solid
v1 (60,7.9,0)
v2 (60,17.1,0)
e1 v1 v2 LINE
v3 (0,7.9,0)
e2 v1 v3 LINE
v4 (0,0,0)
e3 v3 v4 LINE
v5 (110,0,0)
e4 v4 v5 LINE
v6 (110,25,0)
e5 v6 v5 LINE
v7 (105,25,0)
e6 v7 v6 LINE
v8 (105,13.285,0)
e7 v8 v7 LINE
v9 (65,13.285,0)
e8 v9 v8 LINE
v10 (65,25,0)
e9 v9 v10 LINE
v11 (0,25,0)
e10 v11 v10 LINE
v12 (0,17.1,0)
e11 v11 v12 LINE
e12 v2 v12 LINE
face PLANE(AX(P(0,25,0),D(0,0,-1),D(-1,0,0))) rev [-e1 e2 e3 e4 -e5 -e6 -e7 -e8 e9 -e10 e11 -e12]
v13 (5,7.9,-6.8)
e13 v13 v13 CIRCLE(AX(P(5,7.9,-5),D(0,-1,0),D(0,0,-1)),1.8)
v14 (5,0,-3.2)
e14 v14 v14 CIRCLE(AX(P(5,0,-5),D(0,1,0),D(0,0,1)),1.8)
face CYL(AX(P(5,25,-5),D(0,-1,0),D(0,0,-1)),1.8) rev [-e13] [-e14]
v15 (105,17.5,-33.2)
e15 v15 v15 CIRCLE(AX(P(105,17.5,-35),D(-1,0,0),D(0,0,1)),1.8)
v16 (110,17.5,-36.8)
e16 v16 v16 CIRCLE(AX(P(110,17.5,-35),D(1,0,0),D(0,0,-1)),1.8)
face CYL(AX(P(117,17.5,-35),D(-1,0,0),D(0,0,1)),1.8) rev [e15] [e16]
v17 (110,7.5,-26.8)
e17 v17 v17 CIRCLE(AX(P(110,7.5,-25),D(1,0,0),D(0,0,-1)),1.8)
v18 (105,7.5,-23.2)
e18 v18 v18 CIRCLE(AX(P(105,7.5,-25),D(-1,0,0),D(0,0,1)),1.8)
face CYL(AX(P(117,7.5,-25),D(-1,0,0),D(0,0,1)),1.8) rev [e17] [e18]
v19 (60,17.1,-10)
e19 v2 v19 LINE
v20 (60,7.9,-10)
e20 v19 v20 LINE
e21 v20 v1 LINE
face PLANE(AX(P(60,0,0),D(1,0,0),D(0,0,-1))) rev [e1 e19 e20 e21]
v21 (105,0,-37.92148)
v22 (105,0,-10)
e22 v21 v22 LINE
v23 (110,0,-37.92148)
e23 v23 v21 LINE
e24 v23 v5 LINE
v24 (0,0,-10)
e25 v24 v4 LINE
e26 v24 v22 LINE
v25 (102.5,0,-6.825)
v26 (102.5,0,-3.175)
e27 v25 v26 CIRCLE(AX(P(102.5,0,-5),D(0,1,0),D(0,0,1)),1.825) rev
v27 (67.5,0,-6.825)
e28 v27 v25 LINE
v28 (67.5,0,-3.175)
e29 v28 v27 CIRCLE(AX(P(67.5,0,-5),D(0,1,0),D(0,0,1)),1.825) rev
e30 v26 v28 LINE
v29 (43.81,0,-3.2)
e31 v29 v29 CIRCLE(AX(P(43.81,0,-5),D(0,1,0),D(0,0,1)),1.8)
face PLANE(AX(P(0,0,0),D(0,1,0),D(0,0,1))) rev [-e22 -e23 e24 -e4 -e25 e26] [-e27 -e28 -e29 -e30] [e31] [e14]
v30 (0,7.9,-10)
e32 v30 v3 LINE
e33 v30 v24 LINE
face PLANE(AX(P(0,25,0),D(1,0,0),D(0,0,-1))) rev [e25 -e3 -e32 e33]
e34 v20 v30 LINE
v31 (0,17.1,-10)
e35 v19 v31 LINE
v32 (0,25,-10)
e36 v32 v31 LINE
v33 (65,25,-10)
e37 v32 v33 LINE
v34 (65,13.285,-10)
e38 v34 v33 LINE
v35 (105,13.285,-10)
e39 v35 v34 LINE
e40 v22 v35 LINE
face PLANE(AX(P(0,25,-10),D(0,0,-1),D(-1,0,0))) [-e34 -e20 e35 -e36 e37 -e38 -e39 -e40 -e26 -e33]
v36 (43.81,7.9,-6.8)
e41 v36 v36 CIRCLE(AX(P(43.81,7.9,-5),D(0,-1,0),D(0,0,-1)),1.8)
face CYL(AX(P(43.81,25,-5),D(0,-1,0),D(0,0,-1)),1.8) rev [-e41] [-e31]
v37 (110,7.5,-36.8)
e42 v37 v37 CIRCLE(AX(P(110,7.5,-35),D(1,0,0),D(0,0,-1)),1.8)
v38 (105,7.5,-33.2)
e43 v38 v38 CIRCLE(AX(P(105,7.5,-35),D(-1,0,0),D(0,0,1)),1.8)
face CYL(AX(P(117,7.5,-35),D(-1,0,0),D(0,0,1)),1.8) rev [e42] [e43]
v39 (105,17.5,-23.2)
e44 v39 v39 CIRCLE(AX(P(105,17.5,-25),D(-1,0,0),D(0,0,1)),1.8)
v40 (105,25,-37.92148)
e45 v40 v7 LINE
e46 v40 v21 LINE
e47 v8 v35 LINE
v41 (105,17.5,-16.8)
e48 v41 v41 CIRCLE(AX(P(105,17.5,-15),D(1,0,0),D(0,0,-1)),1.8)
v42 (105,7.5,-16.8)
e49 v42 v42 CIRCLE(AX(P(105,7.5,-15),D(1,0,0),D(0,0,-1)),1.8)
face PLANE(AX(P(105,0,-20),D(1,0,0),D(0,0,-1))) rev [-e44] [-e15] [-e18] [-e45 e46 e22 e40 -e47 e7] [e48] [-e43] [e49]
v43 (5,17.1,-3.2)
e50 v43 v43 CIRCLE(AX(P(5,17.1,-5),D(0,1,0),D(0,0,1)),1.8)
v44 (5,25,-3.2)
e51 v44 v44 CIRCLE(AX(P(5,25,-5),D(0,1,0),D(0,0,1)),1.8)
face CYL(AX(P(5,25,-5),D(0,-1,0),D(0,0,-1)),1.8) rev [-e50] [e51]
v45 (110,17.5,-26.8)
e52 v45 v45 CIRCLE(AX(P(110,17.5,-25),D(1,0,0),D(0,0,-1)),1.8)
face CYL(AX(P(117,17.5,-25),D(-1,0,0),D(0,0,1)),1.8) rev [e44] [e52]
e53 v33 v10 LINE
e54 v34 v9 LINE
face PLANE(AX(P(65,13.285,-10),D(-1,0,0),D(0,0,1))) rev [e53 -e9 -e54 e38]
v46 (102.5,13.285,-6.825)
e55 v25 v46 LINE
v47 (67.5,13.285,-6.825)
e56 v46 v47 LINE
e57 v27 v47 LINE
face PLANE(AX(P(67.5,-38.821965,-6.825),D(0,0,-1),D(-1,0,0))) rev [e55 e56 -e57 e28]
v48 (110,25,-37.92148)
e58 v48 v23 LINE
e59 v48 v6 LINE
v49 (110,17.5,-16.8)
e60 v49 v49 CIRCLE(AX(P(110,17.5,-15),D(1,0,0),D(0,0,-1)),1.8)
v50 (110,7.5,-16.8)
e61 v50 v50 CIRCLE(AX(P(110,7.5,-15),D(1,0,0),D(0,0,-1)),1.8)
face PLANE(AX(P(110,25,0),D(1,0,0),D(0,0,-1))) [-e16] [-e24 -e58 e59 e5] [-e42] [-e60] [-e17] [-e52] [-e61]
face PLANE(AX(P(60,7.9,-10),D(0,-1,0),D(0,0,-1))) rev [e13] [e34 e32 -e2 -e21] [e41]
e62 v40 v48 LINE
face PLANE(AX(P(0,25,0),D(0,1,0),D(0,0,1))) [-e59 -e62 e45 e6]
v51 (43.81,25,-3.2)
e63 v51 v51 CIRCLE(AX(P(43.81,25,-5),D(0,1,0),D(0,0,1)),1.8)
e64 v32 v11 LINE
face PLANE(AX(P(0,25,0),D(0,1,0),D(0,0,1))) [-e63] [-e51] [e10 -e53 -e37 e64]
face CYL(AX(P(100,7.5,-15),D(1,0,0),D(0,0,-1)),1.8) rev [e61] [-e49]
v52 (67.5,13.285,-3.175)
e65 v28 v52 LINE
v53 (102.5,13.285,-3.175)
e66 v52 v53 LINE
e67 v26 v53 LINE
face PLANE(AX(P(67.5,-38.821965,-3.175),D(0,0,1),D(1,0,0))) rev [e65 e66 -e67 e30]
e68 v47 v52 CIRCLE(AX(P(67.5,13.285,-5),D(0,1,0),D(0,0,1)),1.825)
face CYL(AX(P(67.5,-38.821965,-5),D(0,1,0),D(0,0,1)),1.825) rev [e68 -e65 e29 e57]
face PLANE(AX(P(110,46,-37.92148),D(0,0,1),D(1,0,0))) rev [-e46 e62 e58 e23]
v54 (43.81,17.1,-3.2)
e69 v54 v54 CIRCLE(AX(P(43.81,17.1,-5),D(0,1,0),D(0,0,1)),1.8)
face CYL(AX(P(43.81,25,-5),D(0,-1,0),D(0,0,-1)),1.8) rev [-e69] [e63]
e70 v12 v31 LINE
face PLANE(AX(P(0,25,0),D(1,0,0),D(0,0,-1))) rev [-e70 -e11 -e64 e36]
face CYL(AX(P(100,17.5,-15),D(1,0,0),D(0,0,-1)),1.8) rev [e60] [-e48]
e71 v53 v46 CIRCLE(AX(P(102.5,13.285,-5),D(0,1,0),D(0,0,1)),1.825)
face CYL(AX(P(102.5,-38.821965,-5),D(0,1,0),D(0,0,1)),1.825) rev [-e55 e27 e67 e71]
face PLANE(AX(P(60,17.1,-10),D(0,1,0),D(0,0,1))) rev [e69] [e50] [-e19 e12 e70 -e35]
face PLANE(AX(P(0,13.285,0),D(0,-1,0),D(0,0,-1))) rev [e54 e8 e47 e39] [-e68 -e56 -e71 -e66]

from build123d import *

# Parameters (mm, degrees)
SKETCH1_W           = 110
SKETCH1_H           = 10
SKETCH1_R           = 1.8
BOSS_EXTRUDE1_DEPTH = 25
SKETCH2_W           = 10
SKETCH2_H           = 9.2
CUT_EXTRUDE1_DEPTH  = 60
SKETCH16_W          = 5
SKETCH16_H          = 25
BOSS_EXTRUDE2_DEPTH = 10
SKETCH17_R          = 1.8
CUT_EXTRUDE6_DEPTH  = 10
SKETCH18_W          = 5
SKETCH18_H          = 25
BOSS_EXTRUDE3_DEPTH = 20
SKETCH19_R          = 1.8
CUT_EXTRUDE7_DEPTH  = 12
SKETCH20_W          = 5
SKETCH20_H          = 2.078520269
CUT_EXTRUDE8_DEPTH  = 46
SKETCH21_W          = 40
SKETCH21_H          = 10
CUT_EXTRUDE9_DEPTH  = 11.715
CUT_EXTRUDE10_DEPTH = 13.285


with BuildPart() as part:
    # Sketch1 → Boss-Extrude1 (new body)
    with BuildSketch(Plane(origin=(0, 0, 0), x_dir=(1, 0, 0), z_dir=(0, 1, 0))):
        with Locations((55, 5)):
            Rectangle(SKETCH1_W, SKETCH1_H)
        with Locations(Location((5, 5, 0), (0, 0, 270))):
            Circle(SKETCH1_R, mode=Mode.SUBTRACT)
        with Locations(Location((43.81, 5, 0), (0, 0, 270))):
            Circle(SKETCH1_R, mode=Mode.SUBTRACT)
    extrude(amount=BOSS_EXTRUDE1_DEPTH)

    # Sketch2 → Cut-Extrude1 (cut)
    with BuildSketch(Plane.ZY):
        with Locations((-5, 12.5)):
            Rectangle(SKETCH2_W, SKETCH2_H)
    extrude(amount=-CUT_EXTRUDE1_DEPTH, mode=Mode.SUBTRACT)

    # Sketch16 → Boss-Extrude2 (add)
    with BuildSketch(Plane(origin=(0, 0, -10), x_dir=(-1, 0, 0), z_dir=(0, 0, -1))):
        with Locations((-107.5, 12.5)):
            Rectangle(SKETCH16_W, SKETCH16_H)
    extrude(amount=BOSS_EXTRUDE2_DEPTH)

    # Sketch17 → Cut-Extrude6 (cut)
    with BuildSketch(Plane(origin=(110, 0, 0), x_dir=(0, 0, -1), z_dir=(1, 0, 0))):
        with Locations((15, 7.5)):
            Circle(SKETCH17_R)
        with Locations((15, 17.5)):
            Circle(SKETCH17_R)
    extrude(amount=-CUT_EXTRUDE6_DEPTH, mode=Mode.SUBTRACT)

    # Sketch18 → Boss-Extrude3 (add)
    with BuildSketch(Plane(origin=(0, 0, -20), x_dir=(-1, 0, 0), z_dir=(0, 0, -1))):
        with Locations((-107.5, 12.5)):
            Rectangle(SKETCH18_W, SKETCH18_H)
    extrude(amount=BOSS_EXTRUDE3_DEPTH)

    # Sketch19 → Cut-Extrude7 (cut)
    with BuildSketch(Plane.ZY.offset(-105)):
        with Locations((-25, 17.5)):
            Circle(SKETCH19_R)
        with Locations((-25, 7.5)):
            Circle(SKETCH19_R)
        with Locations((-35, 17.5)):
            Circle(SKETCH19_R)
        with Locations((-35, 7.5)):
            Circle(SKETCH19_R)
    extrude(amount=-CUT_EXTRUDE7_DEPTH, mode=Mode.SUBTRACT)

    # Sketch20 → Cut-Extrude8 (cut)
    with BuildSketch(Plane.XZ):
        with Locations((107.5, -38.960739866)):
            Rectangle(SKETCH20_W, SKETCH20_H)
    extrude(amount=-CUT_EXTRUDE8_DEPTH, mode=Mode.SUBTRACT)

    # Sketch21 → Cut-Extrude9 (cut)
    with BuildSketch(Plane(origin=(0, 25, 0), x_dir=(1, 0, 0), z_dir=(0, 1, 0))):
        with Locations((85, 5)):
            Rectangle(SKETCH21_W, SKETCH21_H)
    extrude(amount=-CUT_EXTRUDE9_DEPTH, mode=Mode.SUBTRACT)

    # Sketch23 → Cut-Extrude10 (cut)
    with BuildSketch(Plane(origin=(0, 13.285, 0), x_dir=(1, 0, 0), z_dir=(0, 1, 0))):
        with BuildLine():
            Line((67.5, 6.825), (102.5, 6.825))
            ThreePointArc((102.5, 6.825), (104.325, 5), (102.5, 3.175))
            Line((102.5, 3.175), (67.5, 3.175))
            ThreePointArc((67.5, 3.175), (65.675, 5), (67.5, 6.825))
        make_face()
    extrude(amount=-CUT_EXTRUDE10_DEPTH, mode=Mode.SUBTRACT)


solid = part.part
